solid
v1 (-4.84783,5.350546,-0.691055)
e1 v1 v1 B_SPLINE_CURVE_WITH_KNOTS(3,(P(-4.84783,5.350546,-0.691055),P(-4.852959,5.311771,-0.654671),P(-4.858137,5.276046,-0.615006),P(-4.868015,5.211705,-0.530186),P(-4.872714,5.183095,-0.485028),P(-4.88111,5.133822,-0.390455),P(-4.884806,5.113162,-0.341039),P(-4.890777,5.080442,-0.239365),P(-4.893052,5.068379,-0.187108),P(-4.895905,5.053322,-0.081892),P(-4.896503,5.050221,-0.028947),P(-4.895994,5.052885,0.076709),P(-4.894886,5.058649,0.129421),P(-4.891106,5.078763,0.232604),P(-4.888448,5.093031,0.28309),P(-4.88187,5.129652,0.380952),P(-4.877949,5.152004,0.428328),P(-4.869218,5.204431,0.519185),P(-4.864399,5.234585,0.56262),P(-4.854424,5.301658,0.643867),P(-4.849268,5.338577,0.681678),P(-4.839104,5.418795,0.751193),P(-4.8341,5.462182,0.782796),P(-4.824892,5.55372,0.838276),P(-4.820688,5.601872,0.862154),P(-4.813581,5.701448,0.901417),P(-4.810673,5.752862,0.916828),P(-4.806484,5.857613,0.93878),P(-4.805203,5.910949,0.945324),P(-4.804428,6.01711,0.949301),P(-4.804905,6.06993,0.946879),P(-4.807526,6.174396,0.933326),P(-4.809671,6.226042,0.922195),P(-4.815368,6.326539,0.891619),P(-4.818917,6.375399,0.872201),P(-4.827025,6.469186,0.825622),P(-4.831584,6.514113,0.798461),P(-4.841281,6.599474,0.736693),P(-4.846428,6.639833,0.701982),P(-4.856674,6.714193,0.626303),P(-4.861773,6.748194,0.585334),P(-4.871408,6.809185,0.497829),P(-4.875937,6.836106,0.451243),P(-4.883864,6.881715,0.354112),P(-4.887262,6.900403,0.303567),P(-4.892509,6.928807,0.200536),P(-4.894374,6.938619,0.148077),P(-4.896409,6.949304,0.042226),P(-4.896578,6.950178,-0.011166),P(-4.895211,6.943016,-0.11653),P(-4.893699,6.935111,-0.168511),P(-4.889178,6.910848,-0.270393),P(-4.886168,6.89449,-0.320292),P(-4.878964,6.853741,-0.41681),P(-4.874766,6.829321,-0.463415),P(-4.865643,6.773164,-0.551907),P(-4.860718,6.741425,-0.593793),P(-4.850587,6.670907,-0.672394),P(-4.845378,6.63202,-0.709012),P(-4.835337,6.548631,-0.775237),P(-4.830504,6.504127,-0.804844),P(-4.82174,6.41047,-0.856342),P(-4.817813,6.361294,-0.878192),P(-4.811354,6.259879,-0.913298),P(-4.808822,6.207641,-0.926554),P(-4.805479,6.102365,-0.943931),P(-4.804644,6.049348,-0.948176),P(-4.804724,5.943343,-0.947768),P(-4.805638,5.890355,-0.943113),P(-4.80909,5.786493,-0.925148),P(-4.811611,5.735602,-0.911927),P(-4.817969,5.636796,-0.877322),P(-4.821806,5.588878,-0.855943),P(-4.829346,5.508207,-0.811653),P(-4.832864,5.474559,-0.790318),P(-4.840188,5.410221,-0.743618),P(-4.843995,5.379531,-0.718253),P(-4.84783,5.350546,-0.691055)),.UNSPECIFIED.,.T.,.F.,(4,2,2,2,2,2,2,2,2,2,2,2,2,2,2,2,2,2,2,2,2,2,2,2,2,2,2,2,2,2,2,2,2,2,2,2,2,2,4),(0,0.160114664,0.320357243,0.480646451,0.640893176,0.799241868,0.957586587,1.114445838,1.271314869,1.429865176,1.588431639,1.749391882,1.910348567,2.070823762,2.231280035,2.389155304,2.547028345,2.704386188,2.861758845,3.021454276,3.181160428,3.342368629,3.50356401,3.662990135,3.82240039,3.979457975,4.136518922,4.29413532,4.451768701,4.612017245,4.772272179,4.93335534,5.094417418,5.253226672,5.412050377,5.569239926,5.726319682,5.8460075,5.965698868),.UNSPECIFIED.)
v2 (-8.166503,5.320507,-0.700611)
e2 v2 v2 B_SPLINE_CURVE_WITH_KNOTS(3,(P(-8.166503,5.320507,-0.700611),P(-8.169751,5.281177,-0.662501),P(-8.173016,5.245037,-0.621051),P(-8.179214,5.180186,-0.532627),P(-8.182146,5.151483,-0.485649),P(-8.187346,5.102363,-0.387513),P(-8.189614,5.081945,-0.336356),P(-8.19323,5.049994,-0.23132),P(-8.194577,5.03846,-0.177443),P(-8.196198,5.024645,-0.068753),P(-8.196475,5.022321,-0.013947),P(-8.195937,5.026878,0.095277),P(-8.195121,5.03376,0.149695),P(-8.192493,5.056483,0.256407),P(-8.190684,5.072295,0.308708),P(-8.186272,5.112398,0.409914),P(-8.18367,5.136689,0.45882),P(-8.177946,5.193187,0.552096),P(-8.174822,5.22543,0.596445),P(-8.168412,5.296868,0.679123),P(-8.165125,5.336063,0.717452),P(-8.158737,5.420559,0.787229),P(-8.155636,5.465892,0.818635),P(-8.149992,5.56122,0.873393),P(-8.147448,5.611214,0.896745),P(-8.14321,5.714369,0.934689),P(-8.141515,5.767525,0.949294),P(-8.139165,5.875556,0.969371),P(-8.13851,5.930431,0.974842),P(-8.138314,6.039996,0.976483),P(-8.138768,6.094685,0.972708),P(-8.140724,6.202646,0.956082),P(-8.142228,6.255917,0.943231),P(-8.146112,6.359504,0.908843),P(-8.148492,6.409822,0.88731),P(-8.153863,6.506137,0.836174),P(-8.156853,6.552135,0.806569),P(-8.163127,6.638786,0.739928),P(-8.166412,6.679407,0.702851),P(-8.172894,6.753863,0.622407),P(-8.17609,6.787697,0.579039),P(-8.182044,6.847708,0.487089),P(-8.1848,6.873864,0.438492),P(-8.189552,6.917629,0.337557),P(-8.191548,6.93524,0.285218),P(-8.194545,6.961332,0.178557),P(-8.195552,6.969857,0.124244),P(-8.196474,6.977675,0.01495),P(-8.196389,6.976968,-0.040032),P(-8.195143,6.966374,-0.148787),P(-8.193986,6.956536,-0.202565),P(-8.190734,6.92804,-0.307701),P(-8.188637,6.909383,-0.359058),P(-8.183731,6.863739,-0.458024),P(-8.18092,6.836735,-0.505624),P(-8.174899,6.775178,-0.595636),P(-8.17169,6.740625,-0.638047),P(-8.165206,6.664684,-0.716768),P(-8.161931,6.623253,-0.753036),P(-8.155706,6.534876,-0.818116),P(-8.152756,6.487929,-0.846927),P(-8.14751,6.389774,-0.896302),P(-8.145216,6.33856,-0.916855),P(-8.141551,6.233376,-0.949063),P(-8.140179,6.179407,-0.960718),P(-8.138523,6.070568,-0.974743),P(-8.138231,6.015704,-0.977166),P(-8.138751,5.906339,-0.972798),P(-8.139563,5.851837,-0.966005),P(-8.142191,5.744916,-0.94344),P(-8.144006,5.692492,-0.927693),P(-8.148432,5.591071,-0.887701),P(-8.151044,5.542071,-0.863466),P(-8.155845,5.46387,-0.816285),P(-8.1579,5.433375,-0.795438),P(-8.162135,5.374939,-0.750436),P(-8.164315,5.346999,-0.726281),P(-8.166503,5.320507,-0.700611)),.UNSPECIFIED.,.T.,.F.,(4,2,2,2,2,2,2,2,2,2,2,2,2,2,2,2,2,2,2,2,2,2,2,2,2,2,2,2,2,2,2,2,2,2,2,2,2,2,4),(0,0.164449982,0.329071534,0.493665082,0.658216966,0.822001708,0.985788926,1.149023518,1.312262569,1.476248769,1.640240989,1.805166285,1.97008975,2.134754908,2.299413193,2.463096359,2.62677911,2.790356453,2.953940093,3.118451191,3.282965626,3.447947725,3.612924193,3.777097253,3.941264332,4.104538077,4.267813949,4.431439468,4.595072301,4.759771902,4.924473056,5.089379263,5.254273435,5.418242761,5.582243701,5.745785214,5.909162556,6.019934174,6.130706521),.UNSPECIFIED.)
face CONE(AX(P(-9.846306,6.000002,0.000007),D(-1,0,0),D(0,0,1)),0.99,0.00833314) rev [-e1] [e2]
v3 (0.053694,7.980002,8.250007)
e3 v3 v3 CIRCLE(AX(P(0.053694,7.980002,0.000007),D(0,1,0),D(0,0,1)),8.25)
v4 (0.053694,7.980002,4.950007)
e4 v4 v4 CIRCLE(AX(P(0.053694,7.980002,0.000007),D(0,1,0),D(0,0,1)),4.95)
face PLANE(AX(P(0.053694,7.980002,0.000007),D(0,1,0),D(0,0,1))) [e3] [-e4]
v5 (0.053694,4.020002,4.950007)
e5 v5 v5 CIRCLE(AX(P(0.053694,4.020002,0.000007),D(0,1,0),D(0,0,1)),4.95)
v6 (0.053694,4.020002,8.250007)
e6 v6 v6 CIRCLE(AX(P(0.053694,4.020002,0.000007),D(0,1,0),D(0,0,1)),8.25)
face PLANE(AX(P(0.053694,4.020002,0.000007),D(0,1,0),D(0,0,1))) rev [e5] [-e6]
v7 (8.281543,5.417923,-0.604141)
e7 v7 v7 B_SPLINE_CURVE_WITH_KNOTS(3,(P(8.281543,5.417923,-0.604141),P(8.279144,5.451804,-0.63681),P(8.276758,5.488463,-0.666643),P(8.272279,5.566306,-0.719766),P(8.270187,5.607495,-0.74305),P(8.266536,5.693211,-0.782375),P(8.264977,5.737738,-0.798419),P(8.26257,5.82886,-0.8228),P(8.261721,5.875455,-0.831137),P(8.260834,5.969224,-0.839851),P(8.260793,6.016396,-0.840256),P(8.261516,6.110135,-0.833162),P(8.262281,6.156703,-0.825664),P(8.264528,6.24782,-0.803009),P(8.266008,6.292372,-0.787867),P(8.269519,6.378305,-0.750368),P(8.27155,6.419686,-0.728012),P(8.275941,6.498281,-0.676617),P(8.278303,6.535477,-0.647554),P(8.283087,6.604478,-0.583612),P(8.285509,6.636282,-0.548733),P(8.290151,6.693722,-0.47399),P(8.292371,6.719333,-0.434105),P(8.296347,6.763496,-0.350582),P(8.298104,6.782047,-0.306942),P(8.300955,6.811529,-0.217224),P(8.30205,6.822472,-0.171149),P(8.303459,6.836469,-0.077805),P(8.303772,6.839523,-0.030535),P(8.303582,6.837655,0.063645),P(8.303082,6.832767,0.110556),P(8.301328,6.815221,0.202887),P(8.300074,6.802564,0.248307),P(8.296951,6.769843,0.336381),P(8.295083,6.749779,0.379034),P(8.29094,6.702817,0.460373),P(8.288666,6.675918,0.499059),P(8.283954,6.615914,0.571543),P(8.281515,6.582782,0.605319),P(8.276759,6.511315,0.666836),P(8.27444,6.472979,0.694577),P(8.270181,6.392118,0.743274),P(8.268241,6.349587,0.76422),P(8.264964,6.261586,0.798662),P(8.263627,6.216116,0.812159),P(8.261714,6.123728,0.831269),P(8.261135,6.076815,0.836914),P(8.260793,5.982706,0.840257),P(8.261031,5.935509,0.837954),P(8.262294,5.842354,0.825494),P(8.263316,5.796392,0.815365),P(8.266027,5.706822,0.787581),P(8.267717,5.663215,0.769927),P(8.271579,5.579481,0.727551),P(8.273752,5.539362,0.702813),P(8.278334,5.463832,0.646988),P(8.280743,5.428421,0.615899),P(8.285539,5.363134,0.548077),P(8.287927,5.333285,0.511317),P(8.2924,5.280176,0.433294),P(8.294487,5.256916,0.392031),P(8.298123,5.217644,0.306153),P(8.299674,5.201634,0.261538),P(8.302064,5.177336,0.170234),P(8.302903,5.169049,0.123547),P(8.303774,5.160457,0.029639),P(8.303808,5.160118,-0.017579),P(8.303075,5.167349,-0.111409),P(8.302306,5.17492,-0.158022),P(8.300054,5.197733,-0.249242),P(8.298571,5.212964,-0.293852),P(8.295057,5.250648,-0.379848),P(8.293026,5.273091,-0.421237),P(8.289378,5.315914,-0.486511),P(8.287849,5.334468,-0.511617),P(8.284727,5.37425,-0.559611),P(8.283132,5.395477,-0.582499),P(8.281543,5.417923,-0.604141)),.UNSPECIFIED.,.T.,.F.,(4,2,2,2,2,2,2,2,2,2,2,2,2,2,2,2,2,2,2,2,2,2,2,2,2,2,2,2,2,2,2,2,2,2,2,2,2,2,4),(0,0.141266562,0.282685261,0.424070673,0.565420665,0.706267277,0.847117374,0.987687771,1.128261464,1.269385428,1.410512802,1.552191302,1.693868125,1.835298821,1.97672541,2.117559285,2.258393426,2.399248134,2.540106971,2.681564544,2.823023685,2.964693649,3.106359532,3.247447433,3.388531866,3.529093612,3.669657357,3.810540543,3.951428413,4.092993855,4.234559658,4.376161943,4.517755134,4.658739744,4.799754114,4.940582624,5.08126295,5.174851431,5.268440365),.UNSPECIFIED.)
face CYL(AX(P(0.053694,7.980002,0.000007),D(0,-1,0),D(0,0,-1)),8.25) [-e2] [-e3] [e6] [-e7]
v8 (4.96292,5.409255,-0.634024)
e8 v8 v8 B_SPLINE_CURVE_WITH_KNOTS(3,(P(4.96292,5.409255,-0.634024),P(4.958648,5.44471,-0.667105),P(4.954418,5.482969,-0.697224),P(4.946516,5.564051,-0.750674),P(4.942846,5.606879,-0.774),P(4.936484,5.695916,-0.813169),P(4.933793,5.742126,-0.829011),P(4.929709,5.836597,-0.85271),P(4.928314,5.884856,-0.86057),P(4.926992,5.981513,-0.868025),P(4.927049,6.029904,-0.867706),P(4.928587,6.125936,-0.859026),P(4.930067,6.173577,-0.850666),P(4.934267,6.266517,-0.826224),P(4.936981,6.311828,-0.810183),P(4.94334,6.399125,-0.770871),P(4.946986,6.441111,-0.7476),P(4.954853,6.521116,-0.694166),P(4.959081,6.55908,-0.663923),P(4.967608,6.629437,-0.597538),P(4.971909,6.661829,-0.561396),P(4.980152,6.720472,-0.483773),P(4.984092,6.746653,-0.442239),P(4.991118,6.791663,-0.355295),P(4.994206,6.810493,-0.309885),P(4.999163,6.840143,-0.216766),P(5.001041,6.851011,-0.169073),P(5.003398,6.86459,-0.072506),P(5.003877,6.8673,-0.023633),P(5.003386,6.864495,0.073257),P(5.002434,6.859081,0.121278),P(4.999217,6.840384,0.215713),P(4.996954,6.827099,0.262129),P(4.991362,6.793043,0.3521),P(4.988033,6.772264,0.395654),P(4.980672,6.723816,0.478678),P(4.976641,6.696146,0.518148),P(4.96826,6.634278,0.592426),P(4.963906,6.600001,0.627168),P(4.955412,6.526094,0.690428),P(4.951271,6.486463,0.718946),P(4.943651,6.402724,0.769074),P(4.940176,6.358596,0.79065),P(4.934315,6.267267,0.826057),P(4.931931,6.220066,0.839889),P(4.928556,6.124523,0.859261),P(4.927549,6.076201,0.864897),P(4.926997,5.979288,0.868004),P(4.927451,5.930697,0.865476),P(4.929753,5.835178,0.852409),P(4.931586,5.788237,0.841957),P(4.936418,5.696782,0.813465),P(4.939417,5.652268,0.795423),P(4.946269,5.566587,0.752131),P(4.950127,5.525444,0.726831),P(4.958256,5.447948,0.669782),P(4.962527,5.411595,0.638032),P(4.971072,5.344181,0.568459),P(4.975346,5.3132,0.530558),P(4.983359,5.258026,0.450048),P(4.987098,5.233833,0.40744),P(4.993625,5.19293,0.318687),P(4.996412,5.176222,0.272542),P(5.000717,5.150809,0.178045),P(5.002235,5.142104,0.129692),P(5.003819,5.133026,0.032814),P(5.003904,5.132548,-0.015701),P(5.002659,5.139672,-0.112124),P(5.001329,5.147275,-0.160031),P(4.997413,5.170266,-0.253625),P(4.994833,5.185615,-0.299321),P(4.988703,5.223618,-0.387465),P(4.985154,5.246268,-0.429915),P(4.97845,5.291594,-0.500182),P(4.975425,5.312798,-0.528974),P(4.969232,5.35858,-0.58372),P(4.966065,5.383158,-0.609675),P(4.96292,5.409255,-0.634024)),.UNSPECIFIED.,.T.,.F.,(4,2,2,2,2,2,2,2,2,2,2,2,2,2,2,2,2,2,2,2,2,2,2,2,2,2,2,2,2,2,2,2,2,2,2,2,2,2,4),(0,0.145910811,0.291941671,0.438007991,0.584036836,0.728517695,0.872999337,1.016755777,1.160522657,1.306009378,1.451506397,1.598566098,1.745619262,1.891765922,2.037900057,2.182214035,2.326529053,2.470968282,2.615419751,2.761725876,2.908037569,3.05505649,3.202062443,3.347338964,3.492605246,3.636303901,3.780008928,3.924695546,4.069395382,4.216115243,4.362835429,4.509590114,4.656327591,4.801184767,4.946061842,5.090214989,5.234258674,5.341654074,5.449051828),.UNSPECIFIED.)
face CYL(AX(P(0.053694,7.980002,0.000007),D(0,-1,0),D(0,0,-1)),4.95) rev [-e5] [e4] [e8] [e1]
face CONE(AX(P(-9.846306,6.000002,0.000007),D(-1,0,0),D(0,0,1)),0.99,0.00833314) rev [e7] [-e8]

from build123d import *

# Parameters (mm, degrees)
SKETCH1_R           = 25
SKETCH1_R_2         = 15
BOSS_EXTRUDE1_DEPTH = 12
SCALE1_SCALE        = 0.33


with BuildPart() as part:
    # Sketch1 → Boss-Extrude1 (new body)
    with BuildSketch(Plane(origin=(0, 0, 0), x_dir=(1, 0, 0), z_dir=(0, 1, 0))):
        with Locations(Location((0, 0, 0), (0, 0, 270))):
            Circle(SKETCH1_R)
        with Locations(Location((0, 0, 0), (0, 0, 270))):
            Circle(SKETCH1_R_2, mode=Mode.SUBTRACT)
    extrude(amount=BOSS_EXTRUDE1_DEPTH)

    # Sketch2 → Cut-Revolve1 (revolve, cut)
    with BuildSketch(Plane.XY, mode=Mode.PRIVATE) as cut_revolve1_sk:
        Polygon((30, 8.5), (30, 6), (-30, 6), (-30, 9), align=None)
    revolve(cut_revolve1_sk.sketch.rotate(Axis((30, 6, 0), (-1, 0, 0)), 133.934111216), axis=Axis((30, 6, 0), (-1, 0, 0)), mode=Mode.SUBTRACT)


with BuildPart() as part_1:
    # Scale1: scaled about (0.080152948, 5.999999597, -1.2051e-05)
    add(part.part.scale(SCALE1_SCALE).moved(Location((0.053702475, 4.01999973, -8.074e-06))))


solid = part_1.part
